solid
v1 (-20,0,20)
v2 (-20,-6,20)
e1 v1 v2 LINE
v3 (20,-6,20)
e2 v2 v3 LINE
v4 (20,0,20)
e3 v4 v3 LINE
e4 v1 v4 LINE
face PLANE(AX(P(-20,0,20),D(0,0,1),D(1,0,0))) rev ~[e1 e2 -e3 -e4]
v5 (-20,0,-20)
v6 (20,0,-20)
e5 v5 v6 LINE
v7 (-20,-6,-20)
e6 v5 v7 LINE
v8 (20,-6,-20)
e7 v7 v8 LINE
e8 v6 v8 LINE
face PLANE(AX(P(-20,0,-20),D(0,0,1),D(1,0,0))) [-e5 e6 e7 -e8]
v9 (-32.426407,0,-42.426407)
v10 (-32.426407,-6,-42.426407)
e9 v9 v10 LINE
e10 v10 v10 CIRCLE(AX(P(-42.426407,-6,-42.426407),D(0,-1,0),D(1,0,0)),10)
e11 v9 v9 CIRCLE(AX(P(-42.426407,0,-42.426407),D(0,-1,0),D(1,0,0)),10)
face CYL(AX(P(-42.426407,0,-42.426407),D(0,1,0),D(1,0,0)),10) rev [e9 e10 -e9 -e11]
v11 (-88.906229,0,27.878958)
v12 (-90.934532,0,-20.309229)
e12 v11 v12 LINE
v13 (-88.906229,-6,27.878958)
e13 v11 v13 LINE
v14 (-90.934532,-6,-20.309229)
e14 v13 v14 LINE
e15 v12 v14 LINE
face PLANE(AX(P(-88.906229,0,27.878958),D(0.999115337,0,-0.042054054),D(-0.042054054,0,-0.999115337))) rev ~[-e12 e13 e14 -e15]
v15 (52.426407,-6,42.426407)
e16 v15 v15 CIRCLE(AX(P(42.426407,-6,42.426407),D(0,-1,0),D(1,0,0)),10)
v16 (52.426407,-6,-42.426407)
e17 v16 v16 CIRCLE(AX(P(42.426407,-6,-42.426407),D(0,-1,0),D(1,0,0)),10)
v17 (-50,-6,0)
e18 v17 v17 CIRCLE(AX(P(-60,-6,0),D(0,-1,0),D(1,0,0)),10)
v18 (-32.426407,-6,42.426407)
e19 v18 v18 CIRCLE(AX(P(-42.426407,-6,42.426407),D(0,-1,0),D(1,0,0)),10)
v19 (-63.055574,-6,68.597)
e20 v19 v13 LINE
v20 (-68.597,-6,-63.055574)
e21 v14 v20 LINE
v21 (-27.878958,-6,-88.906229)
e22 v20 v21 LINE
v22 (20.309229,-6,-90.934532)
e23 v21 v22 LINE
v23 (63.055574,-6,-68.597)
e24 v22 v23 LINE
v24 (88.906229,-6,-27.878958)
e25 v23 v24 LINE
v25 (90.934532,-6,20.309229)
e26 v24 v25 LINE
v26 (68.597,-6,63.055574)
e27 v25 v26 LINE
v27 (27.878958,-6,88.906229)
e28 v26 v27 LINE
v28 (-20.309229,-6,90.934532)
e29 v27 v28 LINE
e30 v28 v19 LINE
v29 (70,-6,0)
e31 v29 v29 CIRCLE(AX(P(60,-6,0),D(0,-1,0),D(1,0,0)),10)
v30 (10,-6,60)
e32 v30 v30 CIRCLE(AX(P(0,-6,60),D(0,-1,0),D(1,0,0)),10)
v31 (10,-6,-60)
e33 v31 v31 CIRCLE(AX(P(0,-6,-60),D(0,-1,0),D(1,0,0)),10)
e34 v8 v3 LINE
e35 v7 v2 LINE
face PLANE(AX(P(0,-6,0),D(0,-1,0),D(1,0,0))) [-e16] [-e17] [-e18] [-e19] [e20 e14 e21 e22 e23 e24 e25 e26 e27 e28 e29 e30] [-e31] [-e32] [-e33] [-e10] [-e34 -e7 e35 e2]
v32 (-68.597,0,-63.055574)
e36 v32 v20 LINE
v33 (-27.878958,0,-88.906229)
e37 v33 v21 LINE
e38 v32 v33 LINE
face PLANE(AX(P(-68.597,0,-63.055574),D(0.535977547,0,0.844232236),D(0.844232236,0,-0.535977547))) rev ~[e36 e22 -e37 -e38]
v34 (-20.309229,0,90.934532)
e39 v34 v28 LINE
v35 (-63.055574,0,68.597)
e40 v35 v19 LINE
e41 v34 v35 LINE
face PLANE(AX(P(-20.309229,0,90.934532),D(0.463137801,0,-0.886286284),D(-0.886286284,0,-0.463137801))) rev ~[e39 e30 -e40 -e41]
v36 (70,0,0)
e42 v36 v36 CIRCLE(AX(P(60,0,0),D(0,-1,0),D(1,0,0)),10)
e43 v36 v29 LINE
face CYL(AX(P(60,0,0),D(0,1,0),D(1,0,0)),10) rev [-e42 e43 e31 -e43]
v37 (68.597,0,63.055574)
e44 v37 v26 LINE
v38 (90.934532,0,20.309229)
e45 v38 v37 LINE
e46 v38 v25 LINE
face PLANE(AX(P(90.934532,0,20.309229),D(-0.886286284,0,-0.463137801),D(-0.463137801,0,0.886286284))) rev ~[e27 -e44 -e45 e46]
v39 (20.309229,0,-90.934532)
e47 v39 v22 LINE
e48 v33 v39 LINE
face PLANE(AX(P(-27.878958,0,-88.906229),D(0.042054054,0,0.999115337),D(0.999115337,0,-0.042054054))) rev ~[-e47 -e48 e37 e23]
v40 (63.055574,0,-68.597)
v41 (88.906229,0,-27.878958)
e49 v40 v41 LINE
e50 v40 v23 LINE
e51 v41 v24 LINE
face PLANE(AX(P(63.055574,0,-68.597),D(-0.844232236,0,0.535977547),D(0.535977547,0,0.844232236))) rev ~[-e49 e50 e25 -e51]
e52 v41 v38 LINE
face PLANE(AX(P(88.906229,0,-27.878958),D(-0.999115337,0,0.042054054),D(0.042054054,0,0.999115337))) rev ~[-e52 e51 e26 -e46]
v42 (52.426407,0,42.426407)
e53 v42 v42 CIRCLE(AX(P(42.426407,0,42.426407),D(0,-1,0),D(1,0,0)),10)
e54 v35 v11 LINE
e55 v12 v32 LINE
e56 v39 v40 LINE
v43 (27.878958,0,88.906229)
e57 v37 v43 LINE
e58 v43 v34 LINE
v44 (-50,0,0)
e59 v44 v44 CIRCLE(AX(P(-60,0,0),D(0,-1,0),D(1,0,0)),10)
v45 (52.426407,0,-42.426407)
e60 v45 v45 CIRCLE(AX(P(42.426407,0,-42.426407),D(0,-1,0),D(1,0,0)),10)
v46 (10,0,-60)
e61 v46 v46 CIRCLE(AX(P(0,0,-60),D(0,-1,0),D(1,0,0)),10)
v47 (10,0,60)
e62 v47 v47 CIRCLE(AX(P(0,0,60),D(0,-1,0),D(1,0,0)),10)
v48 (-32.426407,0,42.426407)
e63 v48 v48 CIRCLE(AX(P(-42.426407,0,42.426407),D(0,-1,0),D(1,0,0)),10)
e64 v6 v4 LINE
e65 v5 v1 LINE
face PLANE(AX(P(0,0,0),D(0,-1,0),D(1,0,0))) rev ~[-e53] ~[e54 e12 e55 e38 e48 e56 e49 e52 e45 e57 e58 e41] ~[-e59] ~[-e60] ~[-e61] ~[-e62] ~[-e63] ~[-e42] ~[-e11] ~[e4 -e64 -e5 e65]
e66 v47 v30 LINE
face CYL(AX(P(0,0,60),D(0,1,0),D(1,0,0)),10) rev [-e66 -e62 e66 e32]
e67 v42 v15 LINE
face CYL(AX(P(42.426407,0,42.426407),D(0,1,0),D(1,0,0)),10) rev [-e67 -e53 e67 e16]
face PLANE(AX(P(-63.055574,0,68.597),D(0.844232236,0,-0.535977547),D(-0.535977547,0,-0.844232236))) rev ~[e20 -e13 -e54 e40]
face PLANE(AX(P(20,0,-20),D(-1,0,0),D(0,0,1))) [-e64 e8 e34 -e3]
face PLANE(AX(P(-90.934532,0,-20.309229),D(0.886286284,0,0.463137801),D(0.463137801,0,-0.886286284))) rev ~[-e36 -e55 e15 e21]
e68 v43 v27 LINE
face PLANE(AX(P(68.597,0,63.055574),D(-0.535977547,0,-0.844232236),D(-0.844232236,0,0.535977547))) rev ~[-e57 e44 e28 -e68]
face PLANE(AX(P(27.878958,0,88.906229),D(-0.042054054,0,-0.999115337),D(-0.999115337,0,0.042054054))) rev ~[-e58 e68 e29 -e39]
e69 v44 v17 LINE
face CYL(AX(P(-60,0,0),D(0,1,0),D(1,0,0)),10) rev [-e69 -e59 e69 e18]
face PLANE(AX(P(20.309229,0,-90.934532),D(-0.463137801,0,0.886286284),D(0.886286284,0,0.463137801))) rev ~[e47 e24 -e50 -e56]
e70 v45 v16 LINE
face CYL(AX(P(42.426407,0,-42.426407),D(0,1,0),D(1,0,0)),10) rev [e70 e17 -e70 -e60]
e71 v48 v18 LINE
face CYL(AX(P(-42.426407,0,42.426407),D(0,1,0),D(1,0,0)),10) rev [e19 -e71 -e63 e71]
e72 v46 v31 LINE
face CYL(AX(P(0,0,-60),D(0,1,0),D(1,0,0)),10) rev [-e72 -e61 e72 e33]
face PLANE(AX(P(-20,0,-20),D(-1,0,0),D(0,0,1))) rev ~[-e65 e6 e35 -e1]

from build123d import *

# Parameters (mm, degrees)
F0_R     = 10
F0_W     = 40
F0_H     = 40
F1_DEPTH = 6


with BuildPart() as f1:
    # F0 (on Front) → F1 (new body)
    with BuildSketch(Plane.XZ):
        Polygon((20.309229, -90.934532), (63.055574, -68.597), (88.906229, -27.878958), (90.934532, 20.309229), (68.597, 63.055574), (27.878958, 88.906229), (-20.309229, 90.934532), (-63.055574, 68.597), (-88.906229, 27.878958), (-90.934532, -20.309229), (-68.597, -63.055574), (-27.878958, -88.906229), align=None)
        with Locations((-42.426407, -42.426407)):
            Circle(F0_R, mode=Mode.SUBTRACT)
        with Locations((0, -60)):
            Circle(F0_R, mode=Mode.SUBTRACT)
        with Locations((42.426407, -42.426407)):
            Circle(F0_R, mode=Mode.SUBTRACT)
        with Locations((-60, 0)):
            Circle(F0_R, mode=Mode.SUBTRACT)
        with Locations((-42.426407, 42.426407)):
            Circle(F0_R, mode=Mode.SUBTRACT)
        Rectangle(F0_W, F0_H, mode=Mode.SUBTRACT)
        with Locations((42.426407, 42.426407)):
            Circle(F0_R, mode=Mode.SUBTRACT)
        with Locations((60, 0)):
            Circle(F0_R, mode=Mode.SUBTRACT)
        with Locations((0, 60)):
            Circle(F0_R, mode=Mode.SUBTRACT)
    extrude(amount=F1_DEPTH)


solid = f1.part
